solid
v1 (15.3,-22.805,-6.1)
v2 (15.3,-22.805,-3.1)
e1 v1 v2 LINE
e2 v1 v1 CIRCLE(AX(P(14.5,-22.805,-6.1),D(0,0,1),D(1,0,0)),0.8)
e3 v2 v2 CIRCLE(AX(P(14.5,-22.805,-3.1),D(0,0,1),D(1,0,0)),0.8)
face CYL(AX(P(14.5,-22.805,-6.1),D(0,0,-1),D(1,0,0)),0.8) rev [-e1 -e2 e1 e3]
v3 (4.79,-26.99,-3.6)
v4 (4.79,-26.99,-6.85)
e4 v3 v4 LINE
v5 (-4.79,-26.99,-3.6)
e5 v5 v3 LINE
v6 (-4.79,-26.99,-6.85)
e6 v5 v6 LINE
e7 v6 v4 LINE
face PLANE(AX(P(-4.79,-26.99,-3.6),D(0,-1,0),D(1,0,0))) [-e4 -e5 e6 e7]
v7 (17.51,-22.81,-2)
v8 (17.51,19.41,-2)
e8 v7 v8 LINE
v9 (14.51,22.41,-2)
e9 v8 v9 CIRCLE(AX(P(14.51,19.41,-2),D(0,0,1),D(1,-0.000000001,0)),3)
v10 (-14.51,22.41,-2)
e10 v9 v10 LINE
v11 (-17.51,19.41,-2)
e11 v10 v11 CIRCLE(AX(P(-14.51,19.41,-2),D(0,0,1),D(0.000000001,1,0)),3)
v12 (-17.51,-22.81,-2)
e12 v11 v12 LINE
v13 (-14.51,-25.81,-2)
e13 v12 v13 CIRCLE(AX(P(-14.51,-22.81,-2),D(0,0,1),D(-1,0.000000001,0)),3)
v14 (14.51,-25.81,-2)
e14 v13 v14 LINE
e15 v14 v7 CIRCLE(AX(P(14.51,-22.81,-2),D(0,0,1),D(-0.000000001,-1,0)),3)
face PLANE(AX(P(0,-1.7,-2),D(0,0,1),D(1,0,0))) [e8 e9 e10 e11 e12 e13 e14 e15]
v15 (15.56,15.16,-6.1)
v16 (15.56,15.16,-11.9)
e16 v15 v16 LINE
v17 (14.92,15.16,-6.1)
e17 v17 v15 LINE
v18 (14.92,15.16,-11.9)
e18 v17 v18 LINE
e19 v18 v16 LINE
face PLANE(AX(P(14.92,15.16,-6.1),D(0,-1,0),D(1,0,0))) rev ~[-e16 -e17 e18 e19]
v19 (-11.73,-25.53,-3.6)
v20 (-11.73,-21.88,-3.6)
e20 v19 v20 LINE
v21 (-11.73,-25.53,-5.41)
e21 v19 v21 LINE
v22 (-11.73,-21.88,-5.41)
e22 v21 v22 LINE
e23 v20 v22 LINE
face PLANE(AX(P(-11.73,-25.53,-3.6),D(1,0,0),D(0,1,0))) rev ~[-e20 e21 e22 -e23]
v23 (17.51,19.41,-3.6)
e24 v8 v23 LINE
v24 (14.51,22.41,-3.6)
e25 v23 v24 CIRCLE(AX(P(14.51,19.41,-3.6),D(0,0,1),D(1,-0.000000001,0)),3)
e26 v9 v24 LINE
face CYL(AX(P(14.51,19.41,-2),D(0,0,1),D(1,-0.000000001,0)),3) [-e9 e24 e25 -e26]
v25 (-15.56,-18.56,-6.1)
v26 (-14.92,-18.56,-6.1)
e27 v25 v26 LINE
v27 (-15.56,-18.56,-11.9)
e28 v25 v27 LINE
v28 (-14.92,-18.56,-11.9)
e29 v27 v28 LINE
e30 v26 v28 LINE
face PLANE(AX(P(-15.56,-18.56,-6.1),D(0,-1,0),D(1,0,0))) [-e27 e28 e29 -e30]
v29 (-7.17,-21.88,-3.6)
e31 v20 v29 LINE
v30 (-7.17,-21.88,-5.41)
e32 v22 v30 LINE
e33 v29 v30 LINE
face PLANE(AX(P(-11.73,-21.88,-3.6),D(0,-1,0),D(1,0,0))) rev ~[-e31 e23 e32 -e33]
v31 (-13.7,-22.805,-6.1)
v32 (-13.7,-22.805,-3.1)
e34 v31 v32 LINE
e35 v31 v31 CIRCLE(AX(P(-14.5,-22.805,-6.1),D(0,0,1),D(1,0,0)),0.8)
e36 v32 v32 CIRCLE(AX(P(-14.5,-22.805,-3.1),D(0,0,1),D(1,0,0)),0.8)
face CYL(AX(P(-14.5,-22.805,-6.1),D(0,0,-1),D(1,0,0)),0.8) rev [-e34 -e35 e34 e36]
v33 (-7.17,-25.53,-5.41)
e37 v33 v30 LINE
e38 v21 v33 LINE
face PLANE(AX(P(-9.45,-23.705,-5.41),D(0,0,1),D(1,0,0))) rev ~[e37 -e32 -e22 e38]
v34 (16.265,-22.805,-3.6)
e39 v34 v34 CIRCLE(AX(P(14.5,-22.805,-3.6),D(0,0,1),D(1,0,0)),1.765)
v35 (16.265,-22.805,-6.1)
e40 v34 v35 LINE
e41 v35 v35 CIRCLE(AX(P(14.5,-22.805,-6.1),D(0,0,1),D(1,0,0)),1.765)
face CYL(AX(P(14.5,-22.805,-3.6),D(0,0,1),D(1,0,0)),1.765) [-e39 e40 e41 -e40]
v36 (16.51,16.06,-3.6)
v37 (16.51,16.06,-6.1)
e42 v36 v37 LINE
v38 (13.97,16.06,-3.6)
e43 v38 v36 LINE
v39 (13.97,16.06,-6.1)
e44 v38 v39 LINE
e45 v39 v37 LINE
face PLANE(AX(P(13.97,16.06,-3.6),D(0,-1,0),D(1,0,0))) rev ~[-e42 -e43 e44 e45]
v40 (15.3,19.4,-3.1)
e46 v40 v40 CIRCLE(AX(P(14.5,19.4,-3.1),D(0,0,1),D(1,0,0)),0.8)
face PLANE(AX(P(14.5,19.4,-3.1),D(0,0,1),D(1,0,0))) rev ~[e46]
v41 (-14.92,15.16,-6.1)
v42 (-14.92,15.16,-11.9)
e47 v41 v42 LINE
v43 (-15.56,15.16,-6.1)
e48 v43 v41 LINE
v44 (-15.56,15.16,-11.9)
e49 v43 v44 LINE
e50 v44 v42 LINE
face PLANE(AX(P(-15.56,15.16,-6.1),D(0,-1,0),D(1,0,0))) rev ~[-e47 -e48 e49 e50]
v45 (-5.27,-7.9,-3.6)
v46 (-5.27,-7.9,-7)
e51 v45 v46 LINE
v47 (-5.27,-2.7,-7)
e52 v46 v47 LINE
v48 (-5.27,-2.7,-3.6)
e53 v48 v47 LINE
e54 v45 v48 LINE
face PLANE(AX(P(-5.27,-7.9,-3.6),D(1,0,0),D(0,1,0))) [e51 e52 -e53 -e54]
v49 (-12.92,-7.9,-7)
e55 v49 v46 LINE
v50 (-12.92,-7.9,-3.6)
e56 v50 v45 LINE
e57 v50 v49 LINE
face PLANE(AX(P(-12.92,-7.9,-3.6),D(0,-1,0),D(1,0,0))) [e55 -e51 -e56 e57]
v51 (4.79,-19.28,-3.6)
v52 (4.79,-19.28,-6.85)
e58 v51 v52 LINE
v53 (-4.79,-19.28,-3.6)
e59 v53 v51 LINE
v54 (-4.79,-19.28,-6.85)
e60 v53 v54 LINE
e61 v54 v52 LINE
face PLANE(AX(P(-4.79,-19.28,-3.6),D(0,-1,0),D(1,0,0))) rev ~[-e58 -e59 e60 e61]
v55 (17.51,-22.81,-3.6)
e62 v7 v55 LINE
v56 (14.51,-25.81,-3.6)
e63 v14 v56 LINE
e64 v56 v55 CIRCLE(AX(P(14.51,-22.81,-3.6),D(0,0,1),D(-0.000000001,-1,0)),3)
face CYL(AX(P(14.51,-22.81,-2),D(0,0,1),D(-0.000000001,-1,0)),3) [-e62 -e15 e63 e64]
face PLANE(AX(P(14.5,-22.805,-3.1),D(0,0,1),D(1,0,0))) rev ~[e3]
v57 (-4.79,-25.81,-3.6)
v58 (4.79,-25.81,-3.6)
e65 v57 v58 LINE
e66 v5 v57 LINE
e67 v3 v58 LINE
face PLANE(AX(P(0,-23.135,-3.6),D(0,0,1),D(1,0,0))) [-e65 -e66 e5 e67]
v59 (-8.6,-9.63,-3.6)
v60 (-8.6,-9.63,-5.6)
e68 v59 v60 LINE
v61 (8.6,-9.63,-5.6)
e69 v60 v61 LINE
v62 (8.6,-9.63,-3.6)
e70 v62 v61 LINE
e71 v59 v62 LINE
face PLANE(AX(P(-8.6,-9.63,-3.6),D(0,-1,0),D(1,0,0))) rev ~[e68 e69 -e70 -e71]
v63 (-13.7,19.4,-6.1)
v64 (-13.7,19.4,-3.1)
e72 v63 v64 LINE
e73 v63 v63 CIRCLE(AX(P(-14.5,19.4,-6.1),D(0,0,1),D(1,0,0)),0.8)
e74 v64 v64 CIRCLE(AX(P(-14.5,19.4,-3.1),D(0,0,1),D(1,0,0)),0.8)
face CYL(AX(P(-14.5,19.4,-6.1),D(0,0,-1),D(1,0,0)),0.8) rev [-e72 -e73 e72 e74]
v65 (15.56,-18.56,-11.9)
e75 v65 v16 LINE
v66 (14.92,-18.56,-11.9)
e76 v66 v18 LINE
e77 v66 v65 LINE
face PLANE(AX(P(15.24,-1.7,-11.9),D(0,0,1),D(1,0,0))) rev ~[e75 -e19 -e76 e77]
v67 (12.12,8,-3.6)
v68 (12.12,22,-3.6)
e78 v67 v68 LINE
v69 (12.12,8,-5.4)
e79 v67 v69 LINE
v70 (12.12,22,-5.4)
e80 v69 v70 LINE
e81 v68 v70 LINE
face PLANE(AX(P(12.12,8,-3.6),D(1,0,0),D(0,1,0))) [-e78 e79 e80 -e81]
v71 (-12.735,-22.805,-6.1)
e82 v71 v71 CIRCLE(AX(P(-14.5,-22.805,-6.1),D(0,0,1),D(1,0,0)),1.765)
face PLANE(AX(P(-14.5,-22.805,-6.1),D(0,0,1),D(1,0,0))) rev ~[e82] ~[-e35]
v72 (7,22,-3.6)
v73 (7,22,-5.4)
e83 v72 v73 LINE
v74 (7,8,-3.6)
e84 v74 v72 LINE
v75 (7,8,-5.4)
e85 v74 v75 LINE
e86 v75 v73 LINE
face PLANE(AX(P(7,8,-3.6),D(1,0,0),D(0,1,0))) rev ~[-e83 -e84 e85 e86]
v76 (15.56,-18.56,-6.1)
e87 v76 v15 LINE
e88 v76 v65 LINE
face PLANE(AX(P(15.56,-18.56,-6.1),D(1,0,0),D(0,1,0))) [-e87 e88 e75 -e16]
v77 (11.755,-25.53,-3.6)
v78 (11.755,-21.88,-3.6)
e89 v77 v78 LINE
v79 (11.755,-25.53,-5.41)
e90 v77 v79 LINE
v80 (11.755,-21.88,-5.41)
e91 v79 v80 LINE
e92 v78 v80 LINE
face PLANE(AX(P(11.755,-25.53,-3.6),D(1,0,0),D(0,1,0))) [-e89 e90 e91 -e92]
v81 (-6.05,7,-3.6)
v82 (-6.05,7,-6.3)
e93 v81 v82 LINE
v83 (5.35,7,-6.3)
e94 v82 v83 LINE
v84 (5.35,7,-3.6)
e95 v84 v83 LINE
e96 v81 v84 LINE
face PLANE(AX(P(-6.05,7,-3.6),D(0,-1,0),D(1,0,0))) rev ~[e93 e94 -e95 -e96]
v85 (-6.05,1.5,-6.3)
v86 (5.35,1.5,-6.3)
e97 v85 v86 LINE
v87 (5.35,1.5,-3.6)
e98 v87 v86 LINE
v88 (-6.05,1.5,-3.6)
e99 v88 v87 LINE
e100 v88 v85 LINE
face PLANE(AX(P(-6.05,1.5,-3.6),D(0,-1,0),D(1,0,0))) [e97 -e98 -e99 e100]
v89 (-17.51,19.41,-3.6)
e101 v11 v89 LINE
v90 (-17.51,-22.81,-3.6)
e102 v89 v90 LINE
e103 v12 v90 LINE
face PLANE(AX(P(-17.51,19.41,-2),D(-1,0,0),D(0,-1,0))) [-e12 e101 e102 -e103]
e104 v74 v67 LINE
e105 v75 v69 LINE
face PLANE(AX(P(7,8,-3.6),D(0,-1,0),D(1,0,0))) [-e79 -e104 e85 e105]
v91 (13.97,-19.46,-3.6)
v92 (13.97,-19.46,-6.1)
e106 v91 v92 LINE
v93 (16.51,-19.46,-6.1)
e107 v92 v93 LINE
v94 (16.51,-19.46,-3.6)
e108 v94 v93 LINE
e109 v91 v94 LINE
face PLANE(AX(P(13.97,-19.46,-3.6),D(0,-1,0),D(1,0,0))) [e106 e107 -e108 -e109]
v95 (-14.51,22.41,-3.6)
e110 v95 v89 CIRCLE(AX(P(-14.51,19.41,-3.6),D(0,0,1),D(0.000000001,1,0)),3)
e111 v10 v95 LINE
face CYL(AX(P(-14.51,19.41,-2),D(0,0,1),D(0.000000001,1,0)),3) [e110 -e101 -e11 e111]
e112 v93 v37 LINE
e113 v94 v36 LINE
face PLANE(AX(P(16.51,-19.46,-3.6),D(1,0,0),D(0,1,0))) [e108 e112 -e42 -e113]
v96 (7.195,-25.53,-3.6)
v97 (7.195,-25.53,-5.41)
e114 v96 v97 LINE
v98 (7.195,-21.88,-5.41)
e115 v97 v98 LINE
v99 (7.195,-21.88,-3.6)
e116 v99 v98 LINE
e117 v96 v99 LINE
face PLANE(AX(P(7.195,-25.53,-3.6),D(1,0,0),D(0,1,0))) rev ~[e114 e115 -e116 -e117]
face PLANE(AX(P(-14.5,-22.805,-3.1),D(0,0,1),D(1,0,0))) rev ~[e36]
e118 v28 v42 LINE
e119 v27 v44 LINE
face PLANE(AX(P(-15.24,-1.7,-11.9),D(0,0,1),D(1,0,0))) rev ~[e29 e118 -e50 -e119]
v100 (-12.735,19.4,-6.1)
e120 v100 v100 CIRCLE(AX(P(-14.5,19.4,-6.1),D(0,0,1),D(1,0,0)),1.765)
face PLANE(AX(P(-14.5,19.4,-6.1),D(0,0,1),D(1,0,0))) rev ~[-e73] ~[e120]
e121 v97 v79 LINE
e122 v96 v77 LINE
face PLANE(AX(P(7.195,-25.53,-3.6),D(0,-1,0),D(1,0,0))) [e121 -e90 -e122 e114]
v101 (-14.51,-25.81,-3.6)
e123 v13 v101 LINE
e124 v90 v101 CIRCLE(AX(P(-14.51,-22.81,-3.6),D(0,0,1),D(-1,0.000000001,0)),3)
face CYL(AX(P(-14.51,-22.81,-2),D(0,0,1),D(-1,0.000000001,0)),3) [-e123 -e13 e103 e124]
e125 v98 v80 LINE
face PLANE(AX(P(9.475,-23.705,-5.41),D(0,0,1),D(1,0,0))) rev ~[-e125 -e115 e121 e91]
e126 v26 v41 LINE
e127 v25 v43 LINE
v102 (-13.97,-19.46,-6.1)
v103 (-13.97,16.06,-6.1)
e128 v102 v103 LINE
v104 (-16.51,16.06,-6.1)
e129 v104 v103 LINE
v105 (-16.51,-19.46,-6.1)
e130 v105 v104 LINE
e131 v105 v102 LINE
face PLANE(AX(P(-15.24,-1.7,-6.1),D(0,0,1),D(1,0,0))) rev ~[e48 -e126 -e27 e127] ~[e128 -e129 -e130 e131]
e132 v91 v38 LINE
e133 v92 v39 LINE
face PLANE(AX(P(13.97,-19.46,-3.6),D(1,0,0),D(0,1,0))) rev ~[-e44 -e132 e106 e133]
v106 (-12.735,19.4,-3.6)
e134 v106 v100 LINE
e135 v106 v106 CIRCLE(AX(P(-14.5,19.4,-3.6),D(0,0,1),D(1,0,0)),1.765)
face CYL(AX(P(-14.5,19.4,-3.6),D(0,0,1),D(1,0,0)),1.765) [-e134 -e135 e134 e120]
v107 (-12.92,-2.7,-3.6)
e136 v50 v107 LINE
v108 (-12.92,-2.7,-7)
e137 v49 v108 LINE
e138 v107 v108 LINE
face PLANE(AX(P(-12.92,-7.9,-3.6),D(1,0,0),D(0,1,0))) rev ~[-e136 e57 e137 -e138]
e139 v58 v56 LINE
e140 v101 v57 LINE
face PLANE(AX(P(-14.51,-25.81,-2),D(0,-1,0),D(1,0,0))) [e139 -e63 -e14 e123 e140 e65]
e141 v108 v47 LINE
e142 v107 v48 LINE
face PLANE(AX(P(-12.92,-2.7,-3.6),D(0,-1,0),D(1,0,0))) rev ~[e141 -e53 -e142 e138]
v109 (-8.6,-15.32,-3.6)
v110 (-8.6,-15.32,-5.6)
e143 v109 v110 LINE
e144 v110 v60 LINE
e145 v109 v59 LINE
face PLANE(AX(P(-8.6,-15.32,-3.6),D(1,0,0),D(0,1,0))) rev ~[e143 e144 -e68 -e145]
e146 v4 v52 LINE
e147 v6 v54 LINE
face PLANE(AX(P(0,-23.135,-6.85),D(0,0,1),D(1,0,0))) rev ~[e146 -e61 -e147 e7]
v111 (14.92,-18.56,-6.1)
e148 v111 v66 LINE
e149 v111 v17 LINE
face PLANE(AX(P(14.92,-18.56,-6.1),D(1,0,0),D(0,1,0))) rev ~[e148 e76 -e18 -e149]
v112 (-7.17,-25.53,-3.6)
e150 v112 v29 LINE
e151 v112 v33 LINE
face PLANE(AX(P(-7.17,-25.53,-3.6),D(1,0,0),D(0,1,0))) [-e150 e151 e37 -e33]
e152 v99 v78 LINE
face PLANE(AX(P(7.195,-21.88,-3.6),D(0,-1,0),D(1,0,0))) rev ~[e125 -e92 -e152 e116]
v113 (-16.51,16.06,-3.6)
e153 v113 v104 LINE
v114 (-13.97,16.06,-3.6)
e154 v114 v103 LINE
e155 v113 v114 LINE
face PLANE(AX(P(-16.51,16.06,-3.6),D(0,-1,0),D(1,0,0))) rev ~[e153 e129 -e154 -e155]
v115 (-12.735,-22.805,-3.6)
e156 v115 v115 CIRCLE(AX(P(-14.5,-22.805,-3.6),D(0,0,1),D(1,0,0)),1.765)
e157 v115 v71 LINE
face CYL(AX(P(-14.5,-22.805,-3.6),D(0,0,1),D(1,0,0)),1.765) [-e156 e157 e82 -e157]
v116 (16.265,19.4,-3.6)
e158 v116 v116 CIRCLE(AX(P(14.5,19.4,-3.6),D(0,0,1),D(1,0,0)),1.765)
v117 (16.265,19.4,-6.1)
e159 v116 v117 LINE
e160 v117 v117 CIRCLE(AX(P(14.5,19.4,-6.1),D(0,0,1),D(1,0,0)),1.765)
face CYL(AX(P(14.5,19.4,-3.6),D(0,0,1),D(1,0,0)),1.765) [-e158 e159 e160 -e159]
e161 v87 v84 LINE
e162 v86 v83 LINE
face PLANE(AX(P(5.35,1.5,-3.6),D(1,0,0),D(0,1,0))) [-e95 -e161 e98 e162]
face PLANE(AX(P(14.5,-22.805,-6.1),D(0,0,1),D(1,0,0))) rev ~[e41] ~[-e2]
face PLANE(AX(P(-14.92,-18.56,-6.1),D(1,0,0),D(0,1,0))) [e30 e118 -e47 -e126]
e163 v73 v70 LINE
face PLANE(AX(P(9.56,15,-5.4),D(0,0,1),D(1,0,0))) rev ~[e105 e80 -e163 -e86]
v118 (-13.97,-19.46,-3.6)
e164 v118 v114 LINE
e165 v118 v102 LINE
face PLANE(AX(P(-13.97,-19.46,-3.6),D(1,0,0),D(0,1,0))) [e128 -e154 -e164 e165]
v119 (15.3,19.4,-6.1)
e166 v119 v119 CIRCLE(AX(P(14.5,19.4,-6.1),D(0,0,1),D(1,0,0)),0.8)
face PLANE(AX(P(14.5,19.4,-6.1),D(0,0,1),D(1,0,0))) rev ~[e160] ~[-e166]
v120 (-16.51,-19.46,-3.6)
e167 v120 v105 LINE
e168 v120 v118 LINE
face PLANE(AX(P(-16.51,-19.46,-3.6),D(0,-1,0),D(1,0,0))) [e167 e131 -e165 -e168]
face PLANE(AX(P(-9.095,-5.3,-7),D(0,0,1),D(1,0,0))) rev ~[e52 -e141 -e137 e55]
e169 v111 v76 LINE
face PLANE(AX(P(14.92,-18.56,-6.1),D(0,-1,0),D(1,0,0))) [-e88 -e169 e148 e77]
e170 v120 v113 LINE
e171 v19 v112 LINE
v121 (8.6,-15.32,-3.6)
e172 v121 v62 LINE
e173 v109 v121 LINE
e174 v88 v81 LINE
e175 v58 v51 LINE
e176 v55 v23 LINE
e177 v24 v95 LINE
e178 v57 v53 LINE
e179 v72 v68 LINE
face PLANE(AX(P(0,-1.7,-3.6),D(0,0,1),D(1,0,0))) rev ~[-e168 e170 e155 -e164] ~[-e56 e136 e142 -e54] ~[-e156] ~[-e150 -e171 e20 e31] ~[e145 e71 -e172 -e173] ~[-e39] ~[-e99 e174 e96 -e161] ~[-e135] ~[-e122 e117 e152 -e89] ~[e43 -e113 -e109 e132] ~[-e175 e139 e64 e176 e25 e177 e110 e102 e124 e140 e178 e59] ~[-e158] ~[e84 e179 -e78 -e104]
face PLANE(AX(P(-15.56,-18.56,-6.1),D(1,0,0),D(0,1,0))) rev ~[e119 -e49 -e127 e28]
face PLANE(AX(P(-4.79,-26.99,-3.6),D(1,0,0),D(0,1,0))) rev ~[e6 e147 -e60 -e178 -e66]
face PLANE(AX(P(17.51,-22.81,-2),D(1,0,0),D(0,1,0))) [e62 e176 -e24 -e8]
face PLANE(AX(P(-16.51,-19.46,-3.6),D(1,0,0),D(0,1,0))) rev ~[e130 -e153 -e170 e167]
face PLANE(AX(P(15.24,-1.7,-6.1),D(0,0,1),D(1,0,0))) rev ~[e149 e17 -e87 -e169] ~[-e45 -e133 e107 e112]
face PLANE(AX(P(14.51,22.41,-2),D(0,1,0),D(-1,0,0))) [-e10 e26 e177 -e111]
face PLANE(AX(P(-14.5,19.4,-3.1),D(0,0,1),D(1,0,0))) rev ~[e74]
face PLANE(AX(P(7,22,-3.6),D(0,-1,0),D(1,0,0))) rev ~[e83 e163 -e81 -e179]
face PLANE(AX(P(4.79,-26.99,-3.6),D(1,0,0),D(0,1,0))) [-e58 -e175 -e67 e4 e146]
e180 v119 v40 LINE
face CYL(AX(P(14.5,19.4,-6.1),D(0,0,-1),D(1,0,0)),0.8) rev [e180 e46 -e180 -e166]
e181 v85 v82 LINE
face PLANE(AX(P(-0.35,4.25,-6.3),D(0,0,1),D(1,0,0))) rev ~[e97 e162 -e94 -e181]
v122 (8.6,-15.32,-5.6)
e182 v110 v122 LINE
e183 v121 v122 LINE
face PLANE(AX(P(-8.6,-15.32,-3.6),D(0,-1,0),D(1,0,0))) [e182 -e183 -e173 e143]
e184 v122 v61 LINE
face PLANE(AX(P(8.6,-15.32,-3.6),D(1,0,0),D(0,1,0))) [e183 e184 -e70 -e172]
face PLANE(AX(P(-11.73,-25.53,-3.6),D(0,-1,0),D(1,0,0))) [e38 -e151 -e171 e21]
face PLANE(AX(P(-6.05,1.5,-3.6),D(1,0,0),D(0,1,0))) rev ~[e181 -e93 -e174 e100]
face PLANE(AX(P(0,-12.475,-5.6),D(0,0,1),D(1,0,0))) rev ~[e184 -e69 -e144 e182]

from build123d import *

# Parameters (mm, degrees)
PCB_DEPTH         = 1.6
HEADER_BODY_SK2_W = 2.54
HEADER_BODY_SK2_H = 35.52
HEADER_BODY_DEPTH = 2.5
HEADER_PINS_SK3_W = 0.64
HEADER_PINS_SK3_H = 33.72
HEADER_PINS_DEPTH = 5.8
STANDOFFS_SK4_R   = 1.765
STANDOFFS_DEPTH   = 2.5
M2_BORE_SK5_R     = 0.8
M2_BORE_DEPTH     = 3
USB_C_SK6_W       = 9.58
USB_C_SK6_H       = 7.71
USB_C_DEPTH       = 3.25
KEYS_SK7_W        = 4.56
KEYS_SK7_H        = 3.65
KEYS_DEPTH        = 1.81
CAM_FPC_SK8_W     = 17.2
CAM_FPC_SK8_H     = 5.69
CAM_FPC_DEPTH     = 2
BAT_CONN_SK9_W    = 7.65
BAT_CONN_SK9_H    = 5.2
BAT_CONN_DEPTH    = 3.4
TF_SLOT_SK10_W    = 11.4
TF_SLOT_SK10_H    = 5.5
TF_SLOT_DEPTH     = 2.7
ESP32_S3_SK11_W   = 5.12
ESP32_S3_SK11_H   = 14
ESP32_S3_DEPTH    = 1.8


with BuildPart() as part:
    # PCB_Sk1 → PCB (new body)
    with BuildSketch(Plane.XY.offset(-2)):
        with BuildLine():
            Line((-14.51, -25.81), (14.51, -25.81))
            ThreePointArc((14.51, -25.81), (16.631320344, -24.931320344), (17.51, -22.81))
            Line((17.51, -22.81), (17.51, 19.41))
            ThreePointArc((17.51, 19.41), (16.631320344, 21.531320344), (14.51, 22.41))
            Line((14.51, 22.41), (-14.51, 22.41))
            ThreePointArc((-14.51, 22.41), (-16.631320344, 21.531320344), (-17.51, 19.41))
            Line((-17.51, 19.41), (-17.51, -22.81))
            ThreePointArc((-17.51, -22.81), (-16.631320344, -24.931320344), (-14.51, -25.81))
        make_face()
    extrude(amount=-PCB_DEPTH)

    # Header_Body_Sk2 → Header_Body (add)
    with BuildSketch(Plane.XY.offset(-3.6)):
        with Locations((15.24, -1.7)):
            Rectangle(HEADER_BODY_SK2_W, HEADER_BODY_SK2_H)
        with Locations((-15.24, -1.7)):
            Rectangle(HEADER_BODY_SK2_W, HEADER_BODY_SK2_H)
    extrude(amount=-HEADER_BODY_DEPTH)

    # Header_Pins_Sk3 → Header_Pins (add)
    with BuildSketch(Plane.XY.offset(-6.1)):
        with Locations((15.24, -1.7)):
            Rectangle(HEADER_PINS_SK3_W, HEADER_PINS_SK3_H)
        with Locations((-15.24, -1.7)):
            Rectangle(HEADER_PINS_SK3_W, HEADER_PINS_SK3_H)
    extrude(amount=-HEADER_PINS_DEPTH)

    # Standoffs_Sk4 → Standoffs (add)
    with BuildSketch(Plane.XY.offset(-3.6)):
        with Locations((14.5, 19.4)):
            Circle(STANDOFFS_SK4_R)
        with Locations((-14.5, 19.4)):
            Circle(STANDOFFS_SK4_R)
        with Locations((14.5, -22.805)):
            Circle(STANDOFFS_SK4_R)
        with Locations((-14.5, -22.805)):
            Circle(STANDOFFS_SK4_R)
    extrude(amount=-STANDOFFS_DEPTH)

    # M2_Bore_Sk5 → M2_Bore (cut)
    with BuildSketch(Plane.XY.offset(-6.1)):
        with Locations((14.5, 19.4)):
            Circle(M2_BORE_SK5_R)
        with Locations((-14.5, 19.4)):
            Circle(M2_BORE_SK5_R)
        with Locations((14.5, -22.805)):
            Circle(M2_BORE_SK5_R)
        with Locations((-14.5, -22.805)):
            Circle(M2_BORE_SK5_R)
    extrude(amount=M2_BORE_DEPTH, mode=Mode.SUBTRACT)

    # USB_C_Sk6 → USB_C (add)
    with BuildSketch(Plane.XY.offset(-3.6)):
        with Locations((0, -23.135)):
            Rectangle(USB_C_SK6_W, USB_C_SK6_H)
    extrude(amount=-USB_C_DEPTH)

    # Keys_Sk7 → Keys (add)
    with BuildSketch(Plane.XY.offset(-3.6)):
        with Locations((9.475, -23.705)):
            Rectangle(KEYS_SK7_W, KEYS_SK7_H)
        with Locations((-9.45, -23.705)):
            Rectangle(KEYS_SK7_W, KEYS_SK7_H)
    extrude(amount=-KEYS_DEPTH)

    # Cam_FPC_Sk8 → Cam_FPC (add)
    with BuildSketch(Plane.XY.offset(-3.6)):
        with Locations((0, -12.475)):
            Rectangle(CAM_FPC_SK8_W, CAM_FPC_SK8_H)
    extrude(amount=-CAM_FPC_DEPTH)

    # Bat_Conn_Sk9 → Bat_Conn (add)
    with BuildSketch(Plane.XY.offset(-3.6)):
        with Locations((-9.095, -5.3)):
            Rectangle(BAT_CONN_SK9_W, BAT_CONN_SK9_H)
    extrude(amount=-BAT_CONN_DEPTH)

    # TF_Slot_Sk10 → TF_Slot (add)
    with BuildSketch(Plane.XY.offset(-3.6)):
        with Locations((-0.35, 4.25)):
            Rectangle(TF_SLOT_SK10_W, TF_SLOT_SK10_H)
    extrude(amount=-TF_SLOT_DEPTH)

    # ESP32_S3_Sk11 → ESP32_S3 (add)
    with BuildSketch(Plane.XY.offset(-3.6)):
        with Locations((9.56, 15)):
            Rectangle(ESP32_S3_SK11_W, ESP32_S3_SK11_H)
    extrude(amount=-ESP32_S3_DEPTH)


solid = part.part
